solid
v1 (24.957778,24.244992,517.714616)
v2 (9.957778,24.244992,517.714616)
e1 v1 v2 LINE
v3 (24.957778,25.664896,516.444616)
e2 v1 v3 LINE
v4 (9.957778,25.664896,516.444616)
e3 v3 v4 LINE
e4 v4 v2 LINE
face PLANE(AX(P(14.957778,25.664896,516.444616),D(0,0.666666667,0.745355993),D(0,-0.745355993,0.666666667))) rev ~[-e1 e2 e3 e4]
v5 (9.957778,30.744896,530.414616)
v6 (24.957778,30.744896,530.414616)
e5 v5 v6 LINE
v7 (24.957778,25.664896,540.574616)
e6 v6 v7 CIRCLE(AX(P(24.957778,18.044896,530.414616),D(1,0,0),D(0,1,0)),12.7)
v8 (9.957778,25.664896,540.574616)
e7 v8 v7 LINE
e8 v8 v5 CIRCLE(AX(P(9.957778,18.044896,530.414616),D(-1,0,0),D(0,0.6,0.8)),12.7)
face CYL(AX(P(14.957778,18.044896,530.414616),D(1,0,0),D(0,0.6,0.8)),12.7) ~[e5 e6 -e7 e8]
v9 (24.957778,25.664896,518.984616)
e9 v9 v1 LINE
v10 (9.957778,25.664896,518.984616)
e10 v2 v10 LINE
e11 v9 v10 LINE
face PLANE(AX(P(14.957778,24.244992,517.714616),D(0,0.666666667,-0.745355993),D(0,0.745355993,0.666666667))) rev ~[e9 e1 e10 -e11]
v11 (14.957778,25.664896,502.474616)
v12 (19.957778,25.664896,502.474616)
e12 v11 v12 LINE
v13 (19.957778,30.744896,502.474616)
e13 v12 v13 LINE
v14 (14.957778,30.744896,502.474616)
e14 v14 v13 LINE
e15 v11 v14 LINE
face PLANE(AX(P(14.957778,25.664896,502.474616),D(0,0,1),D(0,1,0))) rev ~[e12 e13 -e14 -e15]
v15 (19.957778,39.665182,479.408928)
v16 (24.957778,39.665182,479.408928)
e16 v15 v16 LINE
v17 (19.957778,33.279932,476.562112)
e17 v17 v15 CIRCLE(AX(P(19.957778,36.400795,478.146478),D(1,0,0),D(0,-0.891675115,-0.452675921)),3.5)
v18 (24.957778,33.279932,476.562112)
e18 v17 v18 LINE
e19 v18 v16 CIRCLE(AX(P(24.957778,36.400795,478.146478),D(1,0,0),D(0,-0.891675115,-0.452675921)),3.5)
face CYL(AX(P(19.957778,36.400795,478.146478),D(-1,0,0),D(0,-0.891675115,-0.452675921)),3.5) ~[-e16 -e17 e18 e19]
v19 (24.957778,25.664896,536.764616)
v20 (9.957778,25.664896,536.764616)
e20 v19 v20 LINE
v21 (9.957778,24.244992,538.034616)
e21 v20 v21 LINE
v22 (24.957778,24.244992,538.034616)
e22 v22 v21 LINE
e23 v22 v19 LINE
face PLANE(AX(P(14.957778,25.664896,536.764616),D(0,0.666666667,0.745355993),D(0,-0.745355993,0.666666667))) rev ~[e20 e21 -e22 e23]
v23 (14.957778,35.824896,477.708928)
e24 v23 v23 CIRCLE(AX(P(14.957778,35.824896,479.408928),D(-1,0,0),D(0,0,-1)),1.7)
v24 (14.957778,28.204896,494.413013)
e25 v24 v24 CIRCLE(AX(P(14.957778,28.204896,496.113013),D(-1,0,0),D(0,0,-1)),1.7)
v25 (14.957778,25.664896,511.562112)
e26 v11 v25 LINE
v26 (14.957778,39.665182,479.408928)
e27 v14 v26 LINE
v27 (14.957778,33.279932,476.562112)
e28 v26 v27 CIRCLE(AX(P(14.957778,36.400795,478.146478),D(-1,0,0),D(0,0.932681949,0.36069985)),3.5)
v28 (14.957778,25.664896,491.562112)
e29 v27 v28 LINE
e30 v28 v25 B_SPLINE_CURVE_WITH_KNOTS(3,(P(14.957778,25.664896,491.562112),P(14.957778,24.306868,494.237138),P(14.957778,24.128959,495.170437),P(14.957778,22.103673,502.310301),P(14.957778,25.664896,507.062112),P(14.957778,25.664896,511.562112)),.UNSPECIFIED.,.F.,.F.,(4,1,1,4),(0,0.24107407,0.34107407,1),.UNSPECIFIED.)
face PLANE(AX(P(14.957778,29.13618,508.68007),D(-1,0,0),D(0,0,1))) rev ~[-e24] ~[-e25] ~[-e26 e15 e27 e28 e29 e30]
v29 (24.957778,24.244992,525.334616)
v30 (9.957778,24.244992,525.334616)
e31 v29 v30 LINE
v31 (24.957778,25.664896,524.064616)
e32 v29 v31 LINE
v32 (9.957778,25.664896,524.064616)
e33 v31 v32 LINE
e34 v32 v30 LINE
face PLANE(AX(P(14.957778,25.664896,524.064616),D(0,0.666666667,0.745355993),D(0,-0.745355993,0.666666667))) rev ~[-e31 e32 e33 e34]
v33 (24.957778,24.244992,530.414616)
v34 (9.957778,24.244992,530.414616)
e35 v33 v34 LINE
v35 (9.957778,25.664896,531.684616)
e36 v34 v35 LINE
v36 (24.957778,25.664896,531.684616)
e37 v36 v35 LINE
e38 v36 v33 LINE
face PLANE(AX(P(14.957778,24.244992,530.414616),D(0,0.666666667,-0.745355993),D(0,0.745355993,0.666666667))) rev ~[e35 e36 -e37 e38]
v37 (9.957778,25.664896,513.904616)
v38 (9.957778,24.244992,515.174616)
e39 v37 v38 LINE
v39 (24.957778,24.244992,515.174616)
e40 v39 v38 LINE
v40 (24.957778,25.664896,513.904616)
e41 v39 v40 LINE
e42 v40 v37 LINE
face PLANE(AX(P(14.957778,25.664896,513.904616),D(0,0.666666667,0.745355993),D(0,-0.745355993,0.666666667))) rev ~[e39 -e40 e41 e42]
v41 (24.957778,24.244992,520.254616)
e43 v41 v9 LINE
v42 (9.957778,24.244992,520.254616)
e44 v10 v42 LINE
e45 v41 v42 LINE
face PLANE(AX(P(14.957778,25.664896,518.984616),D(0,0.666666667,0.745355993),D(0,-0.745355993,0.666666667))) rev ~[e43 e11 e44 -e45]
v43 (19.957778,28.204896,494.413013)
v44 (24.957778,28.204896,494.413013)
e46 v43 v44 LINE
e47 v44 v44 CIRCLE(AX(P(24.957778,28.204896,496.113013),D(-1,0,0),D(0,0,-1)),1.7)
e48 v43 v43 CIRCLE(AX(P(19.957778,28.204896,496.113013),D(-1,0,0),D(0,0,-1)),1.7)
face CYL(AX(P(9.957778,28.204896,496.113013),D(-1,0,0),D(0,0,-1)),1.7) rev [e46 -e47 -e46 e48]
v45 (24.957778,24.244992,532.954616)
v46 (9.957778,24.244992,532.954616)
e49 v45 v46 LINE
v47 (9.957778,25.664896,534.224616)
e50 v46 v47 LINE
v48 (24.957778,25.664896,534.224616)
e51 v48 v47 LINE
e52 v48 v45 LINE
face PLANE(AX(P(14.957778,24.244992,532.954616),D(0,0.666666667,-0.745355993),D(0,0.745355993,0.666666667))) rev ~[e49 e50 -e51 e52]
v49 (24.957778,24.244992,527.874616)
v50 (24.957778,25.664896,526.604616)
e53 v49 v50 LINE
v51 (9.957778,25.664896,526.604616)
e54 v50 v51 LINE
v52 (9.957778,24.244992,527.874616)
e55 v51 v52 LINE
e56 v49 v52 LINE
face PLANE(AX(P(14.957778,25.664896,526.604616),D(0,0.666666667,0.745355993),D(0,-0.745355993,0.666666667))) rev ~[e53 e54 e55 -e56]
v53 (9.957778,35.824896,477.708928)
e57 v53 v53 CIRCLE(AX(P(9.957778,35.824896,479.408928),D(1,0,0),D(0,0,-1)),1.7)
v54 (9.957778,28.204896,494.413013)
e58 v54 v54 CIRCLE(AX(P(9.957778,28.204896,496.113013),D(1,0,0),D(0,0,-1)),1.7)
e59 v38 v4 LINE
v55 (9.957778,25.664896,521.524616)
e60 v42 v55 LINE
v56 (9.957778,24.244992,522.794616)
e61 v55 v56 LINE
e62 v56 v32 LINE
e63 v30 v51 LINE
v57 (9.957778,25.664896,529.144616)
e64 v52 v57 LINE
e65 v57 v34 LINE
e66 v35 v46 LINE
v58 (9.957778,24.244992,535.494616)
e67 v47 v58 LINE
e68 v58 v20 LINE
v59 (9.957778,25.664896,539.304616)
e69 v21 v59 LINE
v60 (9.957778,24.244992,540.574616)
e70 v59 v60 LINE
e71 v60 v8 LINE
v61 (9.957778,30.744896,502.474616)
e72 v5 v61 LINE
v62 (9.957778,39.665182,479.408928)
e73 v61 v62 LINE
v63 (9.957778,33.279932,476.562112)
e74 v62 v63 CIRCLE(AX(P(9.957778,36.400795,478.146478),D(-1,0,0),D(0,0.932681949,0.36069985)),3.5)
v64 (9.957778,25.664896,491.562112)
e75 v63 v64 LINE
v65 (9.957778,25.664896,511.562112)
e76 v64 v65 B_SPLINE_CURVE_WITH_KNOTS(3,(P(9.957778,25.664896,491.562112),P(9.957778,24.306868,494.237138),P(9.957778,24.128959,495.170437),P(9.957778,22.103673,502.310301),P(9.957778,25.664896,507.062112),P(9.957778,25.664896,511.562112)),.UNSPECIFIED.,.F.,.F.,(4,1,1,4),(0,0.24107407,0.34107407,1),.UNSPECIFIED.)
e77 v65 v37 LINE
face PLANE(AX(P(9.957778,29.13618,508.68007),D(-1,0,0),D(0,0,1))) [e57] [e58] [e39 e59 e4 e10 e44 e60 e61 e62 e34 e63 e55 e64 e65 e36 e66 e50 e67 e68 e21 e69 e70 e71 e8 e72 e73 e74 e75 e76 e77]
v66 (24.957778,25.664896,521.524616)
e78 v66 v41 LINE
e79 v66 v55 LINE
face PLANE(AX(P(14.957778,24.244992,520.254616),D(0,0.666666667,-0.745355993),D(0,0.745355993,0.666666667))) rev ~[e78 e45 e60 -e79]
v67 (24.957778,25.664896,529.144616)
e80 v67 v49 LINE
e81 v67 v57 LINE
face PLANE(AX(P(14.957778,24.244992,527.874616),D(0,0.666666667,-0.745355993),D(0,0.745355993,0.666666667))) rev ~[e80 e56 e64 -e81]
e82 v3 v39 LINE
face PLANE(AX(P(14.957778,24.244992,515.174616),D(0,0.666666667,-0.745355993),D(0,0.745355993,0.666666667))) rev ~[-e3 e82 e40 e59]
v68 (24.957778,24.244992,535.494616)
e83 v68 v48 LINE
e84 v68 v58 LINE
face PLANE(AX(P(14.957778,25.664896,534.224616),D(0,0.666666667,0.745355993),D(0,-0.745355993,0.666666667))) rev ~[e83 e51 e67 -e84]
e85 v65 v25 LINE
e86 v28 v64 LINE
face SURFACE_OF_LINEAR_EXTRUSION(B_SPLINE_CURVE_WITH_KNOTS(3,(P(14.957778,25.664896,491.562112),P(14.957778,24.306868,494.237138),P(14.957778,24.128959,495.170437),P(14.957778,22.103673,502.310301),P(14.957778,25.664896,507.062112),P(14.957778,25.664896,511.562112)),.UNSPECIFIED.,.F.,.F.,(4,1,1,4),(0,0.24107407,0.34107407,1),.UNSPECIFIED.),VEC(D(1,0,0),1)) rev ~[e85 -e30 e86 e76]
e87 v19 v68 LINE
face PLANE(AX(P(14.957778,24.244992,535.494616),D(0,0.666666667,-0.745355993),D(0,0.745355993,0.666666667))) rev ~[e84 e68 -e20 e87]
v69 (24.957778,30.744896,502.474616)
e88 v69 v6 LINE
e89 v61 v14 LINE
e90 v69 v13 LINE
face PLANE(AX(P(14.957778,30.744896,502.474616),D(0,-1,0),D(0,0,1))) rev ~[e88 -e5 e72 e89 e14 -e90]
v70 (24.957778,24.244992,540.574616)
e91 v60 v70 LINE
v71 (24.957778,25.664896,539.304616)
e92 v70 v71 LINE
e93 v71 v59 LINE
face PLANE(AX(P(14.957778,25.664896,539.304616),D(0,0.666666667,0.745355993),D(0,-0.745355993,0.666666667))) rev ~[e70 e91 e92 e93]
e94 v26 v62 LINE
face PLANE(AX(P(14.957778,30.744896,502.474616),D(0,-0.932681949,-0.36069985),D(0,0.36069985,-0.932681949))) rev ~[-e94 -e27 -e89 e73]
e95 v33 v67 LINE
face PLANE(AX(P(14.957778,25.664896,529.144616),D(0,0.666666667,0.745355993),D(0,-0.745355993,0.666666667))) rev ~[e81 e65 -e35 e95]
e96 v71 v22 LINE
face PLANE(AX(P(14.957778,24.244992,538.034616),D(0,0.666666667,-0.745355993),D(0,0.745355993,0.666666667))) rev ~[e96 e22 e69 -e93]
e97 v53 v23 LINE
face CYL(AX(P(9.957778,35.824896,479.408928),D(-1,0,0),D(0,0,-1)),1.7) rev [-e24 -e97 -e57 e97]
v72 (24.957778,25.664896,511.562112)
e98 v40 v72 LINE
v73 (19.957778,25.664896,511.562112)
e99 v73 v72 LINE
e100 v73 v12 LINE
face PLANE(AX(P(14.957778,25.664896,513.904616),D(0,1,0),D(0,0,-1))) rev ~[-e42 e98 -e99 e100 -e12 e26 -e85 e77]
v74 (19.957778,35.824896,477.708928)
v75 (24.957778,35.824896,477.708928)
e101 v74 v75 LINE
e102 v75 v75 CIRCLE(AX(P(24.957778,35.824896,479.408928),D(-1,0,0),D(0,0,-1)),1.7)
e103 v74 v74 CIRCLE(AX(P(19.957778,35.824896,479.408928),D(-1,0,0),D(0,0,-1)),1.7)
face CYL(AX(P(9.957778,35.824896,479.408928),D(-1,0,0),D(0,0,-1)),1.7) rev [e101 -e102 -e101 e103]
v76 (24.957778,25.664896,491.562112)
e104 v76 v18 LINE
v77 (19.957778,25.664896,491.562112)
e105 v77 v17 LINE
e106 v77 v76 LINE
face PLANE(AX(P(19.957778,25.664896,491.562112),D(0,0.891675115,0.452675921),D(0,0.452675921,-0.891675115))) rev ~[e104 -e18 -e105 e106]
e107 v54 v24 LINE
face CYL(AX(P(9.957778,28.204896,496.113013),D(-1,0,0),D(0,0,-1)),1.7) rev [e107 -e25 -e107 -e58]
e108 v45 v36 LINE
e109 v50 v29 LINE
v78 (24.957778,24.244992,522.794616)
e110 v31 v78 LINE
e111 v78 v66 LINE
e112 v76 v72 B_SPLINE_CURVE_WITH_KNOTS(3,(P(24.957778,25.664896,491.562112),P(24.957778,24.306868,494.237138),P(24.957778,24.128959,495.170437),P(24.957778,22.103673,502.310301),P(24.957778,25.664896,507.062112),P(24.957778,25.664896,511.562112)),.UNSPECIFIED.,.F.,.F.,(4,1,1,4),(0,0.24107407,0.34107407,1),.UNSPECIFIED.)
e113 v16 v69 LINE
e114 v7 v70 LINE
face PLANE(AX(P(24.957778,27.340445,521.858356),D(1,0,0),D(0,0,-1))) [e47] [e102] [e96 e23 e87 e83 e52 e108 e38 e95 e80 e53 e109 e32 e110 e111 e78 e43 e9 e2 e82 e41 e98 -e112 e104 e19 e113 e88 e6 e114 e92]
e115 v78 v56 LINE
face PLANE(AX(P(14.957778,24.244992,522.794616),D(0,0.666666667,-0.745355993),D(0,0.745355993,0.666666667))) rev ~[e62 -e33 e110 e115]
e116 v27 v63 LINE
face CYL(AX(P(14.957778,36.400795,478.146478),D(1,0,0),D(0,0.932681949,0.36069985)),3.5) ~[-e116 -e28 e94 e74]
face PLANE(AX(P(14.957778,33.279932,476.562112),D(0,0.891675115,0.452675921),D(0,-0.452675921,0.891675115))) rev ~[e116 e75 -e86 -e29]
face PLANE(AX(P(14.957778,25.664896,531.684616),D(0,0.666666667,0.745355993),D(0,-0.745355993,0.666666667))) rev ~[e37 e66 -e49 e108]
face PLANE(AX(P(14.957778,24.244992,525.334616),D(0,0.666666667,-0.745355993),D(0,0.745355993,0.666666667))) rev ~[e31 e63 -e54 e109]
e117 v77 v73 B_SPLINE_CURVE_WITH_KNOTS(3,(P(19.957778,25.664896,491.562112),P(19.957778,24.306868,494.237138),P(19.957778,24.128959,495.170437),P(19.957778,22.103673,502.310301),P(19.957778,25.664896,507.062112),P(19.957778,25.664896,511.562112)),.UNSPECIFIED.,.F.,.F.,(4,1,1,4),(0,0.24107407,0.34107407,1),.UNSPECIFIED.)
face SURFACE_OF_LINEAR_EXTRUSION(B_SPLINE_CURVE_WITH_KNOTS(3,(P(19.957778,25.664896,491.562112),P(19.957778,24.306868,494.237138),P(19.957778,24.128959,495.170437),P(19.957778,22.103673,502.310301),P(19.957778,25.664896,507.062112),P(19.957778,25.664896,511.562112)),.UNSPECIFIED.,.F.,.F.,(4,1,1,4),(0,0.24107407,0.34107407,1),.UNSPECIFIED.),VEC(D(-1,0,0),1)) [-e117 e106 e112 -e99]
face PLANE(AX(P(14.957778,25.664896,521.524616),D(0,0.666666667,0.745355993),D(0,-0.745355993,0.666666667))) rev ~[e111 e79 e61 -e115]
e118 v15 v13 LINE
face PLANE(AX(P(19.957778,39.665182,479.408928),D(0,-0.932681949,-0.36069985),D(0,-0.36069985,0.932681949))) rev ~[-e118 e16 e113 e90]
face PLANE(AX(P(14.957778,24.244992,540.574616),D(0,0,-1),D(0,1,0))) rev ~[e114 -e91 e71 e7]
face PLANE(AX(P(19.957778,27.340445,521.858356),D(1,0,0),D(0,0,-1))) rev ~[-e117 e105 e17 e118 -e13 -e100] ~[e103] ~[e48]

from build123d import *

# Parameters (mm, degrees)
BOSS_EXTRUDE1_DEPTH = 2.54
BOSS_EXTRUDE2_DEPTH = 8.08
BOSS_EXTRUDE3_START = -5
BOSS_EXTRUDE3_DEPTH = 5
BOSS_EXTRUDE4_START = 5
BOSS_EXTRUDE4_DEPTH = 5
SKETCH8_R           = 1.7
CUT_EXTRUDE1_DEPTH  = 543.252698287


with BuildPart() as part:
    # Sketch1 → Boss-Extrude1 (new body)
    with BuildSketch(Plane(origin=(14.957777778, 0, 0), x_dir=(0, 0, -1), z_dir=(1, 0, 0))):
        with BuildLine():
            Line((-496.113012561, 30.744895578), (-521.513012561, 30.744895578))
            Line((-521.513012561, 30.744895578), (-521.513012561, 25.664895578))
            Line((-521.513012561, 25.664895578), (-496.113012561, 25.664895578))
            ThreePointArc((-496.113012561, 25.664895578), (-494.404850963, 26.325059427), (-493.584615771, 27.962388527))
            Line((-493.584615771, 27.962388527), (-480.88314332, 33.756493956))
            ThreePointArc((-480.88314332, 33.756493956), (-477.098018282, 36.879077411), (-481.937324449, 36.067403333))
            Line((-481.937324449, 36.067403333), (-494.6387969, 30.273297904))
            ThreePointArc((-494.6387969, 30.273297904), (-495.339107499, 30.624124991), (-496.113012561, 30.744895578))
        make_face()
    extrude(amount=-BOSS_EXTRUDE1_DEPTH)

    # Sketch2 → Boss-Extrude2 (add)
    with BuildSketch(Plane(origin=(14.957777778, 0, 0), x_dir=(0, 0, -1), z_dir=(1, 0, 0))):
        with BuildLine():
            Line((-513.904615771, 25.664895578), (-502.474615771, 25.664895578))
            Line((-502.474615771, 25.664895578), (-502.474615771, 30.744895578))
            Line((-502.474615771, 30.744895578), (-530.414615771, 30.744895578))
            ThreePointArc((-530.414615771, 30.744895578), (-536.094228434, 29.404120904), (-540.574615771, 25.664895578))
            Line((-540.574615771, 25.664895578), (-540.574615771, 24.244992412))
            Line((-540.574615771, 24.244992412), (-539.304615771, 25.664895578))
            Line((-539.304615771, 25.664895578), (-538.034615771, 24.244992412))
            Line((-538.034615771, 24.244992412), (-536.764615771, 25.664895578))
            Line((-536.764615771, 25.664895578), (-535.494615771, 24.244992412))
            Line((-535.494615771, 24.244992412), (-534.224615771, 25.664895578))
            Line((-534.224615771, 25.664895578), (-532.954615771, 24.244992412))
            Line((-532.954615771, 24.244992412), (-531.684615771, 25.664895578))
            Line((-531.684615771, 25.664895578), (-530.414615771, 24.244992412))
            Line((-530.414615771, 24.244992412), (-529.144615771, 25.664895578))
            Line((-529.144615771, 25.664895578), (-527.874615771, 24.244992412))
            Line((-527.874615771, 24.244992412), (-526.604615771, 25.664895578))
            Line((-526.604615771, 25.664895578), (-525.334615771, 24.244992412))
            Line((-525.334615771, 24.244992412), (-524.064615771, 25.664895578))
            Line((-524.064615771, 25.664895578), (-522.794615771, 24.244992412))
            Line((-522.794615771, 24.244992412), (-521.524615771, 25.664895578))
            Line((-521.524615771, 25.664895578), (-520.254615771, 24.244992412))
            Line((-520.254615771, 24.244992412), (-518.984615771, 25.664895578))
            Line((-518.984615771, 25.664895578), (-517.714615771, 24.244992412))
            Line((-517.714615771, 24.244992412), (-516.444615771, 25.664895578))
            Line((-516.444615771, 25.664895578), (-515.174615771, 24.244992412))
            Line((-515.174615771, 24.244992412), (-513.904615771, 25.664895578))
        make_face()
    extrude(amount=BOSS_EXTRUDE2_DEPTH)

    # Sketch7 → Boss-Extrude3 (add)
    with BuildSketch(Plane(origin=(14.957777778, 0, 0), x_dir=(0, 0, -1), z_dir=(1, 0, 0)).offset(BOSS_EXTRUDE3_START)):
        with BuildLine():
            Line((-502.474615771, 30.744895578), (-479.408927659, 39.66518211))
            ThreePointArc((-479.408927659, 39.66518211), (-474.949798497, 37.8260107), (-476.562112461, 33.279932386))
            Line((-476.562112461, 33.279932386), (-491.562112461, 25.664895578))
            add(Edge.make_bspline(
                [(-491.562112461, 25.664895578), (-494.237137805, 24.306867814), (-495.170436648, 24.128959325), (-502.31030057, 22.103673482), (-507.062112461, 25.664895578), (-511.562112461, 25.664895578)],
                knots=[0, 0, 0, 0, 0.24107407, 0.34107407, 1, 1, 1, 1], degree=3))
            Line((-511.562112461, 25.664895578), (-513.904615771, 25.664895578))
            Line((-513.904615771, 25.664895578), (-515.174615771, 24.244992412))
            Line((-515.174615771, 24.244992412), (-516.444615771, 25.664895578))
            Line((-516.444615771, 25.664895578), (-517.714615771, 24.244992412))
            Line((-517.714615771, 24.244992412), (-518.984615771, 25.664895578))
            Line((-518.984615771, 25.664895578), (-520.254615771, 24.244992412))
            Line((-520.254615771, 24.244992412), (-521.524615771, 25.664895578))
            Line((-521.524615771, 25.664895578), (-522.794615771, 24.244992412))
            Line((-522.794615771, 24.244992412), (-524.064615771, 25.664895578))
            Line((-524.064615771, 25.664895578), (-525.334615771, 24.244992412))
            Line((-525.334615771, 24.244992412), (-526.604615771, 25.664895578))
            Line((-526.604615771, 25.664895578), (-527.874615771, 24.244992412))
            Line((-527.874615771, 24.244992412), (-529.144615771, 25.664895578))
            Line((-529.144615771, 25.664895578), (-530.414615771, 24.244992412))
            Line((-530.414615771, 24.244992412), (-531.684615771, 25.664895578))
            Line((-531.684615771, 25.664895578), (-532.954615771, 24.244992412))
            Line((-532.954615771, 24.244992412), (-534.224615771, 25.664895578))
            Line((-534.224615771, 25.664895578), (-535.494615771, 24.244992412))
            Line((-535.494615771, 24.244992412), (-536.764615771, 25.664895578))
            Line((-536.764615771, 25.664895578), (-538.034615771, 24.244992412))
            Line((-538.034615771, 24.244992412), (-539.304615771, 25.664895578))
            Line((-539.304615771, 25.664895578), (-540.574615771, 24.244992412))
            Line((-540.574615771, 24.244992412), (-540.574615771, 25.664895578))
            ThreePointArc((-540.574615771, 25.664895578), (-536.094228434, 29.404120904), (-530.414615771, 30.744895578))
            Line((-530.414615771, 30.744895578), (-502.474615771, 30.744895578))
        make_face()
    extrude(amount=BOSS_EXTRUDE3_DEPTH)

    # Sketch7_2 → Boss-Extrude4 (add)
    with BuildSketch(Plane(origin=(14.957777778, 0, 0), x_dir=(0, 0, -1), z_dir=(1, 0, 0)).offset(BOSS_EXTRUDE4_START)):
        with BuildLine():
            Line((-502.474615771, 25.664895578), (-502.474615771, 30.744895578))
            Line((-502.474615771, 30.744895578), (-530.414615771, 30.744895578))
            ThreePointArc((-530.414615771, 30.744895578), (-536.094228434, 29.404120904), (-540.574615771, 25.664895578))
            Line((-540.574615771, 25.664895578), (-540.574615771, 24.244992412))
            Line((-540.574615771, 24.244992412), (-539.304615771, 25.664895578))
            Line((-539.304615771, 25.664895578), (-538.034615771, 24.244992412))
            Line((-538.034615771, 24.244992412), (-536.764615771, 25.664895578))
            Line((-536.764615771, 25.664895578), (-535.494615771, 24.244992412))
            Line((-535.494615771, 24.244992412), (-534.224615771, 25.664895578))
            Line((-534.224615771, 25.664895578), (-532.954615771, 24.244992412))
            Line((-532.954615771, 24.244992412), (-531.684615771, 25.664895578))
            Line((-531.684615771, 25.664895578), (-530.414615771, 24.244992412))
            Line((-530.414615771, 24.244992412), (-529.144615771, 25.664895578))
            Line((-529.144615771, 25.664895578), (-527.874615771, 24.244992412))
            Line((-527.874615771, 24.244992412), (-526.604615771, 25.664895578))
            Line((-526.604615771, 25.664895578), (-525.334615771, 24.244992412))
            Line((-525.334615771, 24.244992412), (-524.064615771, 25.664895578))
            Line((-524.064615771, 25.664895578), (-522.794615771, 24.244992412))
            Line((-522.794615771, 24.244992412), (-521.524615771, 25.664895578))
            Line((-521.524615771, 25.664895578), (-520.254615771, 24.244992412))
            Line((-520.254615771, 24.244992412), (-518.984615771, 25.664895578))
            Line((-518.984615771, 25.664895578), (-517.714615771, 24.244992412))
            Line((-517.714615771, 24.244992412), (-516.444615771, 25.664895578))
            Line((-516.444615771, 25.664895578), (-515.174615771, 24.244992412))
            Line((-515.174615771, 24.244992412), (-513.904615771, 25.664895578))
            Line((-513.904615771, 25.664895578), (-511.562112461, 25.664895578))
            Line((-511.562112461, 25.664895578), (-502.474615771, 25.664895578))
        make_face()
        with BuildLine():
            Line((-479.408927659, 39.66518211), (-502.474615771, 30.744895578))
            Line((-502.474615771, 30.744895578), (-502.474615771, 25.664895578))
            Line((-502.474615771, 25.664895578), (-511.562112461, 25.664895578))
            add(Edge.make_bspline(
                [(-491.562112461, 25.664895578), (-494.237137805, 24.306867814), (-495.170436648, 24.128959325), (-502.31030057, 22.103673482), (-507.062112461, 25.664895578), (-511.562112461, 25.664895578)],
                knots=[0, 0, 0, 0, 0.24107407, 0.34107407, 1, 1, 1, 1], degree=3))
            Line((-491.562112461, 25.664895578), (-476.562112461, 33.279932386))
            ThreePointArc((-476.562112461, 33.279932386), (-474.949798497, 37.8260107), (-479.408927659, 39.66518211))
        make_face()
    extrude(amount=BOSS_EXTRUDE4_DEPTH)

    # Sketch8 → Cut-Extrude1 (cut, through all)
    with BuildSketch(Plane(origin=(9.957777778, 0, 0), x_dir=(0, 0, -1), z_dir=(1, 0, 0))):
        with Locations((-496.113012561, 28.204895578)):
            Circle(SKETCH8_R)
        with Locations((-479.408927659, 35.824896282)):
            Circle(SKETCH8_R)
    extrude(amount=CUT_EXTRUDE1_DEPTH, mode=Mode.SUBTRACT)


solid = part.part
